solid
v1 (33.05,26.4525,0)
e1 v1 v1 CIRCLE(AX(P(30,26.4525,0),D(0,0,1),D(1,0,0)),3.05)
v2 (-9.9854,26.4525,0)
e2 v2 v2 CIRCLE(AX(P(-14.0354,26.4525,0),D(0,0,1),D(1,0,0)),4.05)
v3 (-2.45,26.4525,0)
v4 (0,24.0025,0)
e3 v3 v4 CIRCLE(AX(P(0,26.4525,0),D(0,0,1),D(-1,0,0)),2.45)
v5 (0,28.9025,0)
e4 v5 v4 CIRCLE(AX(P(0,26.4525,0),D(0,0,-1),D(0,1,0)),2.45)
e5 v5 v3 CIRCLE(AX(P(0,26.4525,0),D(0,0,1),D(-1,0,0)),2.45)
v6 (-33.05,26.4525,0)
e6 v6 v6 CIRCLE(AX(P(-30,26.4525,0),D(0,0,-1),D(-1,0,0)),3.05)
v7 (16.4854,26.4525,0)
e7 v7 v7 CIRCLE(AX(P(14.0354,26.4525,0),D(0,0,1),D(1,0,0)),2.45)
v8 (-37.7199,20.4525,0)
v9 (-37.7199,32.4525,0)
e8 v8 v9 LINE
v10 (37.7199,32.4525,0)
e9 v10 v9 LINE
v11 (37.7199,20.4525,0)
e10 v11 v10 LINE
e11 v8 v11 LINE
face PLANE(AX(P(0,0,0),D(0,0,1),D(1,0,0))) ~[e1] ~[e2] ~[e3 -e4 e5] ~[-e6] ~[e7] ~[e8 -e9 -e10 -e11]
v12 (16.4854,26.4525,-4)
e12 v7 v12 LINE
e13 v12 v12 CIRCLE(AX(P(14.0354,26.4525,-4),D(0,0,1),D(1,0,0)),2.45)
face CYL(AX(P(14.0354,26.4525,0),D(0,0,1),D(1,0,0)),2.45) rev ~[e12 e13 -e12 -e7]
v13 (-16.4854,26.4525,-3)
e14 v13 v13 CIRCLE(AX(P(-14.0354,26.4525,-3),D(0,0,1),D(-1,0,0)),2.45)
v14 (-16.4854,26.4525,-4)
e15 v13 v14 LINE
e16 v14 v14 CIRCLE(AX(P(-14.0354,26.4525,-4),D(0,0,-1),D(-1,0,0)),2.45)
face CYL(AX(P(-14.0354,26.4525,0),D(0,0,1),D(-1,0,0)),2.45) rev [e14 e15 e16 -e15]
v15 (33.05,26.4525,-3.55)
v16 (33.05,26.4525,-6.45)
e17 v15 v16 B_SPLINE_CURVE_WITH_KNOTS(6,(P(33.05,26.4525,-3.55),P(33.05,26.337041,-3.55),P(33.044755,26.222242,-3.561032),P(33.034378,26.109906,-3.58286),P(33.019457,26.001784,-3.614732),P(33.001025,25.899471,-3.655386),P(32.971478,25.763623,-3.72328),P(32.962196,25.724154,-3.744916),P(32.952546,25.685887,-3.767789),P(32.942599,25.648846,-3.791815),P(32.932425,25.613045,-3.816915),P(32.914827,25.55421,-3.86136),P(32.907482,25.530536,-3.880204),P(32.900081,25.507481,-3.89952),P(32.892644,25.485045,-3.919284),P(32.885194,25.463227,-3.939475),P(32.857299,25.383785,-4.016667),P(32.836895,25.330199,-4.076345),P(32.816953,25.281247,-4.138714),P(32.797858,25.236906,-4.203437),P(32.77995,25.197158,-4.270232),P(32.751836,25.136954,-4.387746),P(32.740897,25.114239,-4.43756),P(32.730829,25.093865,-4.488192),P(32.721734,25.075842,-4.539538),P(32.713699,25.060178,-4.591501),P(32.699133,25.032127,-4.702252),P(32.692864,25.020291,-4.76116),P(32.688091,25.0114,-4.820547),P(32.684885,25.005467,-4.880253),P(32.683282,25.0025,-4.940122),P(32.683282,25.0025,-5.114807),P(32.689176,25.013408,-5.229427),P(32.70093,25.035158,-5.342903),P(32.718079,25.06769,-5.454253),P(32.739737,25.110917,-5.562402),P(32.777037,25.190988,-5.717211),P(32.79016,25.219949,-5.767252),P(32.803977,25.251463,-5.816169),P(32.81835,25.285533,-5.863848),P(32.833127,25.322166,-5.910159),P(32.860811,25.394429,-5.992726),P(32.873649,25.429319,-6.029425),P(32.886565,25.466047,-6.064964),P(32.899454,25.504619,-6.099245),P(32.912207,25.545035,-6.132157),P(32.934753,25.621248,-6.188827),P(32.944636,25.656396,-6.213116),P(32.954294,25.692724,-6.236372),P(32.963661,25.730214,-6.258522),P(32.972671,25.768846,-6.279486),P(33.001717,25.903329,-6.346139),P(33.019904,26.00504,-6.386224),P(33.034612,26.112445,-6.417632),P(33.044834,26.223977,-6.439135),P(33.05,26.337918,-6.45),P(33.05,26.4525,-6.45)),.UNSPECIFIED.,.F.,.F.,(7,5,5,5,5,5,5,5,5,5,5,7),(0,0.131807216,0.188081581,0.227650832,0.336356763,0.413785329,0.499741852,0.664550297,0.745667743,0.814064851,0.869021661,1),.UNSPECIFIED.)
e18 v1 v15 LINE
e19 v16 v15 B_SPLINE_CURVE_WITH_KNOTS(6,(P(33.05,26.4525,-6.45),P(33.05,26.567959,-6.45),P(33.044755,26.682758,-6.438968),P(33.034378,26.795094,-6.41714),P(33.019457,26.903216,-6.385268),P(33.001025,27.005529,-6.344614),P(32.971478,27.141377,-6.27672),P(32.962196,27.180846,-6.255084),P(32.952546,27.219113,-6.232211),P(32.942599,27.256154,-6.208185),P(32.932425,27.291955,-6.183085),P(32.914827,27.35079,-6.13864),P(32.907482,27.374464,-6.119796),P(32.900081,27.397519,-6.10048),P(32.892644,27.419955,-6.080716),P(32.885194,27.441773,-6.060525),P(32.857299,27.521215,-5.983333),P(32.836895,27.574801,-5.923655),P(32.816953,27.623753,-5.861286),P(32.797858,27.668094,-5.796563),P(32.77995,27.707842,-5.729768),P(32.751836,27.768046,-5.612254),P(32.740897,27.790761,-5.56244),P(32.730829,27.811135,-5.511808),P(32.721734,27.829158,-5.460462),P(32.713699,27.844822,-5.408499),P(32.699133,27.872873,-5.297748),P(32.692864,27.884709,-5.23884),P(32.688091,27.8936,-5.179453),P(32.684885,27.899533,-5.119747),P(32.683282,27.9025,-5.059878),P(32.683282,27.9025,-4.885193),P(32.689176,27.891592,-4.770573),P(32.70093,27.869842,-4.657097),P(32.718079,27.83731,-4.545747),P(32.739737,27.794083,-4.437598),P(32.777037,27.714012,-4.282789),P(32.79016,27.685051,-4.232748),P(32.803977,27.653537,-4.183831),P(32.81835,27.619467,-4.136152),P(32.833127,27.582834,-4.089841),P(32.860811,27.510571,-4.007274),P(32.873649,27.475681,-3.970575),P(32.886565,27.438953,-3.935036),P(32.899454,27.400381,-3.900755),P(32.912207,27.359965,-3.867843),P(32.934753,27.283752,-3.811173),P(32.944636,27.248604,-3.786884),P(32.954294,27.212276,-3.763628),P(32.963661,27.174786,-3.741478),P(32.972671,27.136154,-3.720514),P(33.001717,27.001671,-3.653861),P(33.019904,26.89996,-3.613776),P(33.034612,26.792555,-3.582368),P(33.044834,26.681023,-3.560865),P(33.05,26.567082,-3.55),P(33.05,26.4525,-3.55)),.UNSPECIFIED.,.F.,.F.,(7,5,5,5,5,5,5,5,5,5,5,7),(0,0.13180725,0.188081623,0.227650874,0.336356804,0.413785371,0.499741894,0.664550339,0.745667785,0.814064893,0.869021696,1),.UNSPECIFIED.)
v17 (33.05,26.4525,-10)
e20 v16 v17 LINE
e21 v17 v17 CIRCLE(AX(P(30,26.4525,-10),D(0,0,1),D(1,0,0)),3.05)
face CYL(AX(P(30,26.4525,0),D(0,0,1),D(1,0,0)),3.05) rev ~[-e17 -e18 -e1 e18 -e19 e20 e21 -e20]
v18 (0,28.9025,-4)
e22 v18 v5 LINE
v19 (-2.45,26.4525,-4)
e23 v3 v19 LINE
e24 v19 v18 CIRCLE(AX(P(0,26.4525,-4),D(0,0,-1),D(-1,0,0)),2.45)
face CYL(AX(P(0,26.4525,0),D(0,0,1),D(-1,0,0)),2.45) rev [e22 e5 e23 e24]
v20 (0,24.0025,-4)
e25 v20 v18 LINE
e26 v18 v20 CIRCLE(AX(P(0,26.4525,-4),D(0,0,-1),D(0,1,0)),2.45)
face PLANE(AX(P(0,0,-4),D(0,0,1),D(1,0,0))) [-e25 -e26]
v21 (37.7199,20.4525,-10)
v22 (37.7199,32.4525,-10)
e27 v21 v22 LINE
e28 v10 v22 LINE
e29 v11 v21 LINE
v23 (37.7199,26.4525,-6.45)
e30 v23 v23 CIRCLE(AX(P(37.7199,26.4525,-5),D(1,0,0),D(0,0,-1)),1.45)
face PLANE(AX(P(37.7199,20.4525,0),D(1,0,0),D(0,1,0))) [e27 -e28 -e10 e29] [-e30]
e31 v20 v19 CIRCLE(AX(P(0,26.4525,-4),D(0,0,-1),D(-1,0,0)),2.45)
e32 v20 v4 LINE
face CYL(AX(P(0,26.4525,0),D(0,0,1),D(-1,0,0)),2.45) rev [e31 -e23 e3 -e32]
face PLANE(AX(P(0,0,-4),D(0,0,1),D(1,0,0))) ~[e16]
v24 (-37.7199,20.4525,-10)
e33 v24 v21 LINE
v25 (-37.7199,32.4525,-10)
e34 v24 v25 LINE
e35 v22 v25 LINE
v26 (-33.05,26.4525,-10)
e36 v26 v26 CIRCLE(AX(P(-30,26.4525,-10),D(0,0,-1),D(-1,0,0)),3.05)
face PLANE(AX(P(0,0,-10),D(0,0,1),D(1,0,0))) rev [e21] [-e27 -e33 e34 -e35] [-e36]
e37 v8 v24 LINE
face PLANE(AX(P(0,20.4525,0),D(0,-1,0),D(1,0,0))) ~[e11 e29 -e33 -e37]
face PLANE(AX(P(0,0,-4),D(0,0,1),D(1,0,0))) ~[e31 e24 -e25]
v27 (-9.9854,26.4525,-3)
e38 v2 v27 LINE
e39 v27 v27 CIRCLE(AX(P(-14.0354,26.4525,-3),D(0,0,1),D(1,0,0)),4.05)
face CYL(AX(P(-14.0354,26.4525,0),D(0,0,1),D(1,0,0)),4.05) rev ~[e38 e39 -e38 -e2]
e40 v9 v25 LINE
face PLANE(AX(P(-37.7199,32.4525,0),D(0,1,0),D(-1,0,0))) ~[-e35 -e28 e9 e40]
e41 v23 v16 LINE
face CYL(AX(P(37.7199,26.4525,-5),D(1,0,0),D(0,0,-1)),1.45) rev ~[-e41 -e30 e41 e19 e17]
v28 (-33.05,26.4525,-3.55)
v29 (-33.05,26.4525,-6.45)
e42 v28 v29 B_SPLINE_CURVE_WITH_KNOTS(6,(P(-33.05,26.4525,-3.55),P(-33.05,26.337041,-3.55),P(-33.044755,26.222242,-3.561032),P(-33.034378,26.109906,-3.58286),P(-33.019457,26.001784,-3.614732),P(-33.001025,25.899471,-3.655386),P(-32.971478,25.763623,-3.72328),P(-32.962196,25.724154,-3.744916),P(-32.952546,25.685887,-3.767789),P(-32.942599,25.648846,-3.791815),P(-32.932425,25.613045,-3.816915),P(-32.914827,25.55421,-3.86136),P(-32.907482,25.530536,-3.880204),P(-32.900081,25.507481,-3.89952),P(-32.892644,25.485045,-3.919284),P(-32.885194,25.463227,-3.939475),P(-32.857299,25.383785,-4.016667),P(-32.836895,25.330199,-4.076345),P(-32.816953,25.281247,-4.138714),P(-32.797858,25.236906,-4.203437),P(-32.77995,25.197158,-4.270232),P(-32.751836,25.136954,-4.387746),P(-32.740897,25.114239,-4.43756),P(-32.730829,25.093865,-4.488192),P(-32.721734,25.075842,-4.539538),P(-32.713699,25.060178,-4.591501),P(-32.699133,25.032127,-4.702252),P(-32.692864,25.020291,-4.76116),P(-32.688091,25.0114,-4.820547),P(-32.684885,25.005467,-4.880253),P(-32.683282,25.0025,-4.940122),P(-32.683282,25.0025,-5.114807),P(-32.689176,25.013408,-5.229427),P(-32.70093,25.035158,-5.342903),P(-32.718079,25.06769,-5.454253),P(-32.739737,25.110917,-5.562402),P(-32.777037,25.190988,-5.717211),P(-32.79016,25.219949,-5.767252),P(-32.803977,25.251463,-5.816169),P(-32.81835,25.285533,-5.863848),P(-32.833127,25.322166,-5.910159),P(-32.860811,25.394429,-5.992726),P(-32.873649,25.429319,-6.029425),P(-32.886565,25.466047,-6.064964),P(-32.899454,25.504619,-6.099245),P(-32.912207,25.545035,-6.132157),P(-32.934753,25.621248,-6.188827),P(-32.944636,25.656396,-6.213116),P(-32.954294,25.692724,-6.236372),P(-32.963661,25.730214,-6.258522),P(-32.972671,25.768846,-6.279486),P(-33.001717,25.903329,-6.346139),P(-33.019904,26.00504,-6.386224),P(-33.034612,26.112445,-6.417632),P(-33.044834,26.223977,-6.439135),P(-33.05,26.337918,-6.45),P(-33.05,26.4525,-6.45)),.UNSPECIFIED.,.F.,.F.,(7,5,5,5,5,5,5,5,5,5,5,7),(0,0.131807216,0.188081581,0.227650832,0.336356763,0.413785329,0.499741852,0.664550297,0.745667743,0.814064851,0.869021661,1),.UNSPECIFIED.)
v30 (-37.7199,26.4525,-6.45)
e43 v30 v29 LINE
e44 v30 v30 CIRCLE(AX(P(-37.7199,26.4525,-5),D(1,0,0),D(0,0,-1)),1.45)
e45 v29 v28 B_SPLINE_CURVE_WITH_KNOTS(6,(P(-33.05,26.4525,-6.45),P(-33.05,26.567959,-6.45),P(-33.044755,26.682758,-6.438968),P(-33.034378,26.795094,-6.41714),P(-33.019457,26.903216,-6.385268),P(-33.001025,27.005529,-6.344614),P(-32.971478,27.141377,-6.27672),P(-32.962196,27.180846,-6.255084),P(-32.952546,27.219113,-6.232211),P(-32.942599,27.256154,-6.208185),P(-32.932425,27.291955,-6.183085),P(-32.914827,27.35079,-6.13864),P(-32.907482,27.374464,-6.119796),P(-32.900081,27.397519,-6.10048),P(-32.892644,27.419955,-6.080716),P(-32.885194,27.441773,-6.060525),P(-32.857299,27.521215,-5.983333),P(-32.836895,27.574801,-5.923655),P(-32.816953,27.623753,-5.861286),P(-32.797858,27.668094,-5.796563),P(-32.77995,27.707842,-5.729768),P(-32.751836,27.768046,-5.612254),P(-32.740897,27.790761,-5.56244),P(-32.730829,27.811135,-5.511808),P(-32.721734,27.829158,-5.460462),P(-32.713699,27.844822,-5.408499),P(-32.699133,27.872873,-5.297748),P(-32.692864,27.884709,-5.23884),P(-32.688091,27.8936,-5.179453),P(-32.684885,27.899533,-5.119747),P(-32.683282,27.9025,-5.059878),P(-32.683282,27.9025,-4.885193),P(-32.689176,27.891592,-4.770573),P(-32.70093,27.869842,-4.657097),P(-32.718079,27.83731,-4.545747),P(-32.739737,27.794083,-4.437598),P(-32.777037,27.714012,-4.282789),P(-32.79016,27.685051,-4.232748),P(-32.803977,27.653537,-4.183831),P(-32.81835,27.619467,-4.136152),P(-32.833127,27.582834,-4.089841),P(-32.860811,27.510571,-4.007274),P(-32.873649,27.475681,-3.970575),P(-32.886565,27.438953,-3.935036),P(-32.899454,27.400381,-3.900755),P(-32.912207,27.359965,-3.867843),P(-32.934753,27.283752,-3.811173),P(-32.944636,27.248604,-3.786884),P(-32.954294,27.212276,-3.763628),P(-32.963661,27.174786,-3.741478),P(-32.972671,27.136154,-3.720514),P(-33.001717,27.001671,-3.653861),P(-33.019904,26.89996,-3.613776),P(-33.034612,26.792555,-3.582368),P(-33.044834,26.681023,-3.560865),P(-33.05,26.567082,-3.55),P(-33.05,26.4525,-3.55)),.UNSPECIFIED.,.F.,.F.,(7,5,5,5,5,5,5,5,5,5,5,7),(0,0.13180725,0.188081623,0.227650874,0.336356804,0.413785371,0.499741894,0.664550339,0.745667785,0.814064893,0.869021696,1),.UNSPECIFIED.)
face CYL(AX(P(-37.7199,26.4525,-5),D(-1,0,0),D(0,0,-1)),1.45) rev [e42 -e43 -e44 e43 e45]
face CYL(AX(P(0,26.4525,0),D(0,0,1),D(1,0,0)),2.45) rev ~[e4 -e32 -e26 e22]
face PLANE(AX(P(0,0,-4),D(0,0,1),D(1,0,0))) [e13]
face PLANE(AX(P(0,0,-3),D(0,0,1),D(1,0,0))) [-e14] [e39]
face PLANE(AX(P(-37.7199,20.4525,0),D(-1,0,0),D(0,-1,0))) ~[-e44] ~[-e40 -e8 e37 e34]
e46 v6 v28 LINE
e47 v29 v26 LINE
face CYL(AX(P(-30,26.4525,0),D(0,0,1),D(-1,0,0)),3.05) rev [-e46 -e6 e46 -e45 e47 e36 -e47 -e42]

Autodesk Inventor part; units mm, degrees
ref_plane "YZ Plane" through (0, 0, 0) normal (1, 0, 0) x (0, 1, 0)
ref_plane "XZ Plane" through (0, 0, 0) normal (0, 1, 0) x (-1, 0, 0)
ref_plane "XY Plane" through (0, 0, 0) normal (0, 0, 1) x (1, 0, 0)
sketch "Sketch1" plane through (0, 0, 0) normal (0, 0, 1) x (1, 0, 0)
  circle A0 centre (30, 26.4525) radius 3 projected
  circle A1 centre (-30, 26.4525) radius 3 projected
  line L0 (-12, 6.73) -> (12, 6.73) projected
  line L1 (12, 6.73) -> (12, 13) projected
  line L2 (12, 13) -> (-12, 13) projected
  line L3 (-12, 13) -> (-12, 6.73) projected
  line L4 (0, 33.0213) -> (0, 0)
  circle A2 centre (30, 26.4525) radius 3.05
  circle A3 centre (-30, 26.4525) radius 3.05
  line L5 (37.7199, 32.4525) -> (0, 32.4525)
  line L6 (0, 32.4525) -> (0, 20.4525)
  line L7 (0, 20.4525) -> (37.7199, 20.4525)
  line L8 (37.7199, 20.4525) -> (37.7199, 32.4525)
  circle A4 centre (30, 26.4525) radius 6 construction
  dimension "d0" = 6.1
  dimension "d1" = 6.1
  dimension "d12" = 3
extrude "Extrusion1" add sketch "Sketch1" against normal blind 10 contours L4 L5 L8 L7
sketch "Sketch2" plane through (0, 0, 0) normal (0, 0, 1) x (1, 0, 0)
  circle A0 centre (30, 26.4525) radius 3.05 projected
  line L0 (0, 20.4525) -> (0, 32.4525) projected
  circle A1 centre (0, 26.4525) radius 2.45
  circle A2 centre (14.0354, 26.4525) radius 2.45
  dimension "d13" = 4.9
  dimension "d14" = 4.9
extrude "Extrusion2" cut sketch "Sketch2" against normal blind 4 contours A1 L0 | L0 A1 | A2
sketch "Sketch3" plane through (37.7199, 20.4525, 0) normal (1, 0, 0) x (0, 0, -1)
  line L0 (0, 0) -> (0, 12) projected
  line L1 (0, 0) -> (10, 0) projected
  line L2 (10, 12) -> (10, 0) projected
  line L3 (0, 12) -> (10, 12) projected
  circle A0 centre (5, 6) radius 1.45
  point P0 (0, -20.4525)
  dimension "d15" = 2.9
extrude "Extrusion3" cut sketch "Sketch3" against normal up to surface contours A0
ref_plane "Work Plane1" through (37.7199, 32.4525, 0) normal (0.7071, 0.7071, 0) x (0, 0, 1)
mirror "Mirror2" about plane through (0, 20.4525, 0) normal (-1, 0, 0) of "Extrusion1", "Extrusion2", "Extrusion3"
sketch "Sketch5" plane through (0, 0, 0) normal (0, 0, 1) x (1, 0, 0)
  point P0 (0, 0)
sketch "Sketch6" plane through (0, 0, 0) normal (0, 0, 1) x (1, 0, 0)
  circle A0 centre (-14.0354, 26.4525) radius 2.45 projected
  circle A1 centre (-14.0354, 26.4525) radius 4.05
  point P0 (0, 0)
  dimension "d31" = 8.1
extrude "Extrusion5" cut sketch "Sketch6" against normal blind 3 contours A0 | A1
ref_plane "Work Plane2" through (-37.7199, 32.4525, 0) normal (0.7071, -0.7071, 0) x (0, 0, 1)
properties part number "cellSTORM_inverted_sampleholder_bar"
